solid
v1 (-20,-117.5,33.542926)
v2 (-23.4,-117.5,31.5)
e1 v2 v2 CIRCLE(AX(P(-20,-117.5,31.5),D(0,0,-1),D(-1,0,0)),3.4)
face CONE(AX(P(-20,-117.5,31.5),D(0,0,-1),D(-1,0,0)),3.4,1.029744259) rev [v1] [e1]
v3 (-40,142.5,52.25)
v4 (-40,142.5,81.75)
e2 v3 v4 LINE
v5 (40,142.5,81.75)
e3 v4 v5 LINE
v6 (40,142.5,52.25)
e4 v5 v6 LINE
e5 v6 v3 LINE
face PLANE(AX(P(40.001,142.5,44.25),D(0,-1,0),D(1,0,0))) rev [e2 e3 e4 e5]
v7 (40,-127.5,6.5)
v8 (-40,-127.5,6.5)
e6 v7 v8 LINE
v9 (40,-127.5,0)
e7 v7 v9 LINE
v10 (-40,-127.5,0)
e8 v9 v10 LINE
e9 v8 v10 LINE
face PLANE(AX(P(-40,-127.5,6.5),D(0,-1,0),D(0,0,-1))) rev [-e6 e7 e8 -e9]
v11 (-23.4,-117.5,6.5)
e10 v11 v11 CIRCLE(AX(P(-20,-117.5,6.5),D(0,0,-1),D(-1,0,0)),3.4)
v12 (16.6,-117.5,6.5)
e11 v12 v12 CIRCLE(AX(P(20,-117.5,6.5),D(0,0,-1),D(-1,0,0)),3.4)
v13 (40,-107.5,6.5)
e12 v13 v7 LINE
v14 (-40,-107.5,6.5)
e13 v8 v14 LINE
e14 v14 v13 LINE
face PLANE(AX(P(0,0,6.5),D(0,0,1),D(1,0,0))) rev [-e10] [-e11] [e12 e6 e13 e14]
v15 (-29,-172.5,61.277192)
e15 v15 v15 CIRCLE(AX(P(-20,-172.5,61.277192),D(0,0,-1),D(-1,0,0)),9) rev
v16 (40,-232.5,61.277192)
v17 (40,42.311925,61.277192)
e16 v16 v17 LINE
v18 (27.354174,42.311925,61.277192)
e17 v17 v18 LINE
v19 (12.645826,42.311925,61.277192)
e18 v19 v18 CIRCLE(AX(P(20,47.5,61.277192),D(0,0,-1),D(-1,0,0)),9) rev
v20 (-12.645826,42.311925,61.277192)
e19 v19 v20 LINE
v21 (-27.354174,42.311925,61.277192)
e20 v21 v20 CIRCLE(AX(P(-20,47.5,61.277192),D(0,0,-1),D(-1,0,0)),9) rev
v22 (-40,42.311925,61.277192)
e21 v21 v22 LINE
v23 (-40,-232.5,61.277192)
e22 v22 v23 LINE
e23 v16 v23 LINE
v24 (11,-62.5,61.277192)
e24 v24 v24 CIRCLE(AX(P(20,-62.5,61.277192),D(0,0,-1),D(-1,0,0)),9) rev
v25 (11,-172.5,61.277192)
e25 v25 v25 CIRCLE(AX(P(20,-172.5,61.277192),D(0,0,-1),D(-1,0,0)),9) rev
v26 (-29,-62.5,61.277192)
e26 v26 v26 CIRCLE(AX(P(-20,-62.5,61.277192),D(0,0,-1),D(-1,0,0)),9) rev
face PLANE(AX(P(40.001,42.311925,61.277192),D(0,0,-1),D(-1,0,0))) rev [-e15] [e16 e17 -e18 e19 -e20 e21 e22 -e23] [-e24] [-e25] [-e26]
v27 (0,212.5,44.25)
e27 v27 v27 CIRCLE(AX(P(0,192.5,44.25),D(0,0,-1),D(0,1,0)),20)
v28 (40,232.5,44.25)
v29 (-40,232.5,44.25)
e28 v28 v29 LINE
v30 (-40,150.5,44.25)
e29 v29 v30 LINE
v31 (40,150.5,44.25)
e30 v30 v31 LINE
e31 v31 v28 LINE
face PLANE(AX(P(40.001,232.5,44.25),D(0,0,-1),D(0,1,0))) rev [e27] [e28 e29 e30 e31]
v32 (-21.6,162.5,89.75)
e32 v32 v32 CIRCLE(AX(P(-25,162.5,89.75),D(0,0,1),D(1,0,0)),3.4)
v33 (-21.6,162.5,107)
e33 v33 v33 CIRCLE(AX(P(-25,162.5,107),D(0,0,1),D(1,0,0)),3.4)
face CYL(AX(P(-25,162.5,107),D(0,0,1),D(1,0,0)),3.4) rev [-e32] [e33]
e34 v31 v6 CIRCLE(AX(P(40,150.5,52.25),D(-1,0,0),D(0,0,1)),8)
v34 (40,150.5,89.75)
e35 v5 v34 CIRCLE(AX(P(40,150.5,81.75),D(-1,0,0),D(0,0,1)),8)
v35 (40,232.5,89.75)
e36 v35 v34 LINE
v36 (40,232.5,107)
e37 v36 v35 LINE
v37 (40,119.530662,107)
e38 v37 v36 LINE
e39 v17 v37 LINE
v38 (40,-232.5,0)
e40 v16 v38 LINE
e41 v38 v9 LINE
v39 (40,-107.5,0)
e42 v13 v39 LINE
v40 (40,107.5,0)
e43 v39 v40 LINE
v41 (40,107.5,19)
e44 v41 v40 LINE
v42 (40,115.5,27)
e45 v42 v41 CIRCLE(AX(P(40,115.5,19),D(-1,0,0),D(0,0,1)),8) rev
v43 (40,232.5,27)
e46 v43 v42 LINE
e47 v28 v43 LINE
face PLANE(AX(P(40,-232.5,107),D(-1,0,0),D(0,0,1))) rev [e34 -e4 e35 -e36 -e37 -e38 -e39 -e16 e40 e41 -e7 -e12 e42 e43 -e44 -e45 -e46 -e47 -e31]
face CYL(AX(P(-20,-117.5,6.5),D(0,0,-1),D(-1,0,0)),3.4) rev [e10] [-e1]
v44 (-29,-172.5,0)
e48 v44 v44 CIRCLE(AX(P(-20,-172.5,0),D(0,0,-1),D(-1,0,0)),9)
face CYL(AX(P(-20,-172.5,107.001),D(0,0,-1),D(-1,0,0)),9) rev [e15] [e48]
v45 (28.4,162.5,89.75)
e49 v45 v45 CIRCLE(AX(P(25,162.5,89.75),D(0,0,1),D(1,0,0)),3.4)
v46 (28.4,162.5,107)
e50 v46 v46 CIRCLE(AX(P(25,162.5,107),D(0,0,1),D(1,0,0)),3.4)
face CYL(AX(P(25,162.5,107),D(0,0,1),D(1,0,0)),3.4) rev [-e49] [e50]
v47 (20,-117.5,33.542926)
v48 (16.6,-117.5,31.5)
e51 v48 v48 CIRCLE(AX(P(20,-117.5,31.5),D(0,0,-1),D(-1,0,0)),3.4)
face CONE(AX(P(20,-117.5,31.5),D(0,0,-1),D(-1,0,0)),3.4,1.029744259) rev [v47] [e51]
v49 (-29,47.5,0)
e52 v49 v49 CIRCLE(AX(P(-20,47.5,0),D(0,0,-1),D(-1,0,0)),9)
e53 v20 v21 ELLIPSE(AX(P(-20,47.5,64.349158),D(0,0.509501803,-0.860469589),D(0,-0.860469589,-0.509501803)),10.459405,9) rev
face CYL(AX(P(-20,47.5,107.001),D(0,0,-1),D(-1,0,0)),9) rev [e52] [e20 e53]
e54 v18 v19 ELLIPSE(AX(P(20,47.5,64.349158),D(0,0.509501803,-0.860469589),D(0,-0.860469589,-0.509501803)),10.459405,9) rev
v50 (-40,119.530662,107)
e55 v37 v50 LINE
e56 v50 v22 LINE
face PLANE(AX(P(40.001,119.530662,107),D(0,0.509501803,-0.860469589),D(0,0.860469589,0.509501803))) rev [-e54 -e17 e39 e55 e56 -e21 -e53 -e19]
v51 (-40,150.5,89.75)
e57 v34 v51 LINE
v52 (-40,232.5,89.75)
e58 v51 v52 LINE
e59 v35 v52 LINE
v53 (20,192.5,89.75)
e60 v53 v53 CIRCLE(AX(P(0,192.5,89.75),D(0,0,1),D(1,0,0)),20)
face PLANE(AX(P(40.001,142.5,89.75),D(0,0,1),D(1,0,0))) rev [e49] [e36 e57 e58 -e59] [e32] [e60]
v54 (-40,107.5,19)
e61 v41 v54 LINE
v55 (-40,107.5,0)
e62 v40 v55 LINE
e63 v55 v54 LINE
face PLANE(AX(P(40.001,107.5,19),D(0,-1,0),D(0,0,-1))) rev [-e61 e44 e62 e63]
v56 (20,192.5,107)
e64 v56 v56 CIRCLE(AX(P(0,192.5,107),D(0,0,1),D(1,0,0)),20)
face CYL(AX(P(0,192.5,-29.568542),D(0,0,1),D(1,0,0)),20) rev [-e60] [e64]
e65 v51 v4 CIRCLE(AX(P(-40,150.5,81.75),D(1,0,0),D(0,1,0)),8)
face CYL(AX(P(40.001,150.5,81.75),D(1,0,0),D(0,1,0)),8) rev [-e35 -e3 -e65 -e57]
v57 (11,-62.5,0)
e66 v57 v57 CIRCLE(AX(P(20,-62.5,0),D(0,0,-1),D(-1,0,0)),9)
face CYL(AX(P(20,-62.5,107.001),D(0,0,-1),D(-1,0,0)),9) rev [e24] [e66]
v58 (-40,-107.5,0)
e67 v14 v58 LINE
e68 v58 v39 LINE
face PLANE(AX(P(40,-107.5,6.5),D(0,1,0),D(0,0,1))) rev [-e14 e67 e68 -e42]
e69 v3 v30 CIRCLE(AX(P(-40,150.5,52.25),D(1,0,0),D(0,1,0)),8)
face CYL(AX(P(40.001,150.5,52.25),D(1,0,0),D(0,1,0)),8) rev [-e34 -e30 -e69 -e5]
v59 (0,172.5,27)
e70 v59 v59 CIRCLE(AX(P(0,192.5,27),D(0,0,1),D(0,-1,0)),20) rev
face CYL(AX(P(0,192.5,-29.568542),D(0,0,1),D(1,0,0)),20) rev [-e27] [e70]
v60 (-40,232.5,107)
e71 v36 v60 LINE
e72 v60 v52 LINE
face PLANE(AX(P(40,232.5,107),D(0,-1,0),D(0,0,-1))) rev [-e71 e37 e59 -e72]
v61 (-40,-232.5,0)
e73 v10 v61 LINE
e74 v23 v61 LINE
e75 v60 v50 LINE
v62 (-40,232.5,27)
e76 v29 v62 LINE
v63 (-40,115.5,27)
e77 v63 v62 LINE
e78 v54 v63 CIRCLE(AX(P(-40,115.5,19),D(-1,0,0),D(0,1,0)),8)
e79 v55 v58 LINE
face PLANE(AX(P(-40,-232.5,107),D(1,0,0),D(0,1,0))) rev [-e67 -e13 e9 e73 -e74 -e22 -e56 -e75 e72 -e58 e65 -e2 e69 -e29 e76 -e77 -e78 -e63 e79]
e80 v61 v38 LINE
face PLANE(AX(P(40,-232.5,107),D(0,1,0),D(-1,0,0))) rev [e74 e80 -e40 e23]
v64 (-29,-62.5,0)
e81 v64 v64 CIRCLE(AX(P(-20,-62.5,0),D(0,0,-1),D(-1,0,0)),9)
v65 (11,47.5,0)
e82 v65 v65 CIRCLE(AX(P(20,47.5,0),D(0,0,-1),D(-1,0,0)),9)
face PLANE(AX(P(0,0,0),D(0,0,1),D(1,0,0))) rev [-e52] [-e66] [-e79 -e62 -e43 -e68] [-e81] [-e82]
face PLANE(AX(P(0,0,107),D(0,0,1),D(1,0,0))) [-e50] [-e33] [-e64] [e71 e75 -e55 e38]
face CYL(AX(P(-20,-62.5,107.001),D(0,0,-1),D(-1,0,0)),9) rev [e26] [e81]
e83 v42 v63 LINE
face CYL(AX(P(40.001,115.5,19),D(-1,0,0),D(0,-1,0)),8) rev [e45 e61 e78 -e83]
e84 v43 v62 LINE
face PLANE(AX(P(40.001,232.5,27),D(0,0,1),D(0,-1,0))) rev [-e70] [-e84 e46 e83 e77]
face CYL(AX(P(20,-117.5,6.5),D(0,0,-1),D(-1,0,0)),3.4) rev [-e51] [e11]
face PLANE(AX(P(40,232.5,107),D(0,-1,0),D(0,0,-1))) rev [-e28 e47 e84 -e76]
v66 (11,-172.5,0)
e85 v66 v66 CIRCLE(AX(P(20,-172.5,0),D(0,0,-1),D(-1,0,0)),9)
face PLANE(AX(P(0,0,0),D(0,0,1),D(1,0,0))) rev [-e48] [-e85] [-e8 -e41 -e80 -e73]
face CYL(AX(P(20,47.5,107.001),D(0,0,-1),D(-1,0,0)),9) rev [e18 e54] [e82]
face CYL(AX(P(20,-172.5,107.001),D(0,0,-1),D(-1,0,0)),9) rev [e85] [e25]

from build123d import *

# Parameters (mm, degrees)
SKETCH_1_W                  = 80
SKETCH_1_H                  = 465
EXTRUDE_1_DEPTH             = 107
CUT_EXTRUDE_1_REACH         = 270.152
SKETCH_2_W                  = 45.5
SKETCH_2_H                  = 90
CUT_EXTRUDE_2_REACH         = 270.152
CUT_EXTRUDE_3_REACH         = 261.047
SKETCH_4_R                  = 20
HOLE_WIZARD_M8_1_D          = 6.8
HOLE_WIZARD_M8_1_DEPTH      = 17.25
CUT_EXTRUDE_4_REACH         = 261.047
SKETCH_8_R                  = 9
PATTERN_LINEAR_1_COUNT      = 2
PATTERN_LINEAR_1_PITCH      = 40
PATTERN_LINEAR_1_COUNT_DIR2 = 3
PATTERN_LINEAR_1_PITCH_DIR2 = 110
SKETCH_9_W                  = 80
SKETCH_9_H                  = 20
CUT_EXTRUDE_5_DEPTH         = 6.5
HOLE_WIZARD_M8_2_D          = 6.8
HOLE_WIZARD_M8_2_DEPTH      = 25
HOLE_WIZARD_M8_2_TIP        = 2.042926105
FILLET_1_R                  = 8


with BuildPart() as part:
    # 草图1 → 凸台-拉伸1 (new body)
    with BuildSketch(Plane.XY):
        Rectangle(SKETCH_1_W, SKETCH_1_H)
    extrude(amount=EXTRUDE_1_DEPTH)

    # 草图2 → 切除-拉伸1 (cut, up to next)
    with BuildSketch(Plane.ZY.offset(40), mode=Mode.PRIVATE) as cut_extrude_1_sk1:
        with BuildLine():
            Line((27, 232.5), (27, 115.5))
            ThreePointArc((27, 115.5), (24.656854249, 109.843145751), (19, 107.5))
            Line((19, 107.5), (0, 107.5))
            Line((0, 107.5), (0, 232.5))
            Line((0, 232.5), (27, 232.5))
        make_face()
    cut_extrude_1_tool1 = extrude(cut_extrude_1_sk1.sketch, amount=-CUT_EXTRUDE_1_REACH, mode=Mode.PRIVATE) & part.part
    # 草图2 → 切除-拉伸1 (cut, up to next)
    with BuildSketch(Plane.ZY.offset(40), mode=Mode.PRIVATE) as cut_extrude_1_sk2:
        with Locations((67, 187.5)):
            Rectangle(SKETCH_2_W, SKETCH_2_H)
    cut_extrude_1_tool2 = extrude(cut_extrude_1_sk2.sketch, amount=-CUT_EXTRUDE_1_REACH, mode=Mode.PRIVATE) & part.part
    add(cut_extrude_1_tool1.solids().sort_by_distance((-40, 170.248081, 13.452139))[0], mode=Mode.SUBTRACT)
    add(cut_extrude_1_tool2.solids().sort_by_distance((-40, 187.5, 67))[0], mode=Mode.SUBTRACT)

    # 草图3 → 切除-拉伸2 (cut, up to next)
    with BuildSketch(Plane.ZY.offset(40), mode=Mode.PRIVATE) as cut_extrude_2_sk1:
        Polygon((107, 119.530661885), (61.277191914, 42.311924553), (61.277191914, -232.5), (107, -232.5), align=None)
    cut_extrude_2_tool1 = extrude(cut_extrude_2_sk1.sketch, amount=-CUT_EXTRUDE_2_REACH, mode=Mode.PRIVATE) & part.part
    add(cut_extrude_2_tool1.solids().sort_by_distance((-40, -74.996659, 85.077337))[0], mode=Mode.SUBTRACT)

    # 切除-拉伸3: up to this face of the body (flat: up to its plane)
    cut_extrude_3_end = Plane(part.part.faces().sort_by_distance((0, 174, 27))[0])
    # 草图4 → 切除-拉伸3 (cut, up to the picked face)
    with BuildSketch(Plane.XY.offset(107), mode=Mode.PRIVATE) as cut_extrude_3_sk1:
        with Locations(Location((0, 192.5, 0), (0, 0, 270))):
            Circle(SKETCH_4_R)
    cut_extrude_3_tool1 = split(extrude(cut_extrude_3_sk1.sketch, amount=-CUT_EXTRUDE_3_REACH, mode=Mode.PRIVATE), bisect_by=cut_extrude_3_end, keep=Keep.BOTH, mode=Mode.PRIVATE)
    add(cut_extrude_3_tool1.solids().sort_by(Axis((0, 192.5, 107), (0, 0, -1)))[0], mode=Mode.SUBTRACT)

    # M8 螺纹孔1
    with Locations(Plane.XY.offset(107)):
        with Locations((-25, 162.5), (25, 162.5)):
            Hole(HOLE_WIZARD_M8_1_D / 2, depth=HOLE_WIZARD_M8_1_DEPTH)

    # 草图8 → 切除-拉伸4 (cut, up to next)
    with BuildSketch(Plane(origin=(0, 0, 0), x_dir=(-1, 0, 0), z_dir=(0, 0, -1)), mode=Mode.PRIVATE) as cut_extrude_4_sk1:
        with Locations((-20, 47.5)):
            Circle(SKETCH_8_R)
    cut_extrude_4_tool1 = extrude(cut_extrude_4_sk1.sketch, amount=-CUT_EXTRUDE_4_REACH, mode=Mode.PRIVATE) & part.part
    cut_extrude_4 = cut_extrude_4_tool1.solids().sort_by_distance((20, 47.5, 0))[0]
    add(cut_extrude_4, mode=Mode.SUBTRACT)

    # 阵列(线性)1: Cut-Extrude 4 2 × 3
    with Locations(*[(-i * PATTERN_LINEAR_1_PITCH, -j * PATTERN_LINEAR_1_PITCH_DIR2, 0) for i in range(PATTERN_LINEAR_1_COUNT) for j in range(PATTERN_LINEAR_1_COUNT_DIR2) if (i, j) != (0, 0)]):
        add(cut_extrude_4, mode=Mode.SUBTRACT)

    # 草图9 → 切除-拉伸5 (cut)
    with BuildSketch(Plane(origin=(0, 0, 0), x_dir=(-1, 0, 0), z_dir=(0, 0, -1))):
        with Locations((0, -117.5)):
            Rectangle(SKETCH_9_W, SKETCH_9_H)
    extrude(amount=-CUT_EXTRUDE_5_DEPTH, mode=Mode.SUBTRACT)

    # M8 螺纹孔2
    with Locations(Plane(origin=(0, 0, 6.5), x_dir=(-1, 0, 0), z_dir=(0, 0, -1))):
        with Locations((-20, -117.5), (20, -117.5)):
            Hole(HOLE_WIZARD_M8_2_D / 2, depth=HOLE_WIZARD_M8_2_DEPTH)
            with Locations((0, 0, -(HOLE_WIZARD_M8_2_DEPTH + HOLE_WIZARD_M8_2_TIP / 2))):  # 118° drill point
                Cone(0, HOLE_WIZARD_M8_2_D / 2, HOLE_WIZARD_M8_2_TIP, mode=Mode.SUBTRACT)

    # 圆角1
    fillet_1_edges = [part.edges().sort_by_distance(p)[0] for p in [
        (0, 142.5, 89.75),
        (0, 142.5, 44.25),
    ]]
    fillet(fillet_1_edges, radius=FILLET_1_R)


solid = part.part
